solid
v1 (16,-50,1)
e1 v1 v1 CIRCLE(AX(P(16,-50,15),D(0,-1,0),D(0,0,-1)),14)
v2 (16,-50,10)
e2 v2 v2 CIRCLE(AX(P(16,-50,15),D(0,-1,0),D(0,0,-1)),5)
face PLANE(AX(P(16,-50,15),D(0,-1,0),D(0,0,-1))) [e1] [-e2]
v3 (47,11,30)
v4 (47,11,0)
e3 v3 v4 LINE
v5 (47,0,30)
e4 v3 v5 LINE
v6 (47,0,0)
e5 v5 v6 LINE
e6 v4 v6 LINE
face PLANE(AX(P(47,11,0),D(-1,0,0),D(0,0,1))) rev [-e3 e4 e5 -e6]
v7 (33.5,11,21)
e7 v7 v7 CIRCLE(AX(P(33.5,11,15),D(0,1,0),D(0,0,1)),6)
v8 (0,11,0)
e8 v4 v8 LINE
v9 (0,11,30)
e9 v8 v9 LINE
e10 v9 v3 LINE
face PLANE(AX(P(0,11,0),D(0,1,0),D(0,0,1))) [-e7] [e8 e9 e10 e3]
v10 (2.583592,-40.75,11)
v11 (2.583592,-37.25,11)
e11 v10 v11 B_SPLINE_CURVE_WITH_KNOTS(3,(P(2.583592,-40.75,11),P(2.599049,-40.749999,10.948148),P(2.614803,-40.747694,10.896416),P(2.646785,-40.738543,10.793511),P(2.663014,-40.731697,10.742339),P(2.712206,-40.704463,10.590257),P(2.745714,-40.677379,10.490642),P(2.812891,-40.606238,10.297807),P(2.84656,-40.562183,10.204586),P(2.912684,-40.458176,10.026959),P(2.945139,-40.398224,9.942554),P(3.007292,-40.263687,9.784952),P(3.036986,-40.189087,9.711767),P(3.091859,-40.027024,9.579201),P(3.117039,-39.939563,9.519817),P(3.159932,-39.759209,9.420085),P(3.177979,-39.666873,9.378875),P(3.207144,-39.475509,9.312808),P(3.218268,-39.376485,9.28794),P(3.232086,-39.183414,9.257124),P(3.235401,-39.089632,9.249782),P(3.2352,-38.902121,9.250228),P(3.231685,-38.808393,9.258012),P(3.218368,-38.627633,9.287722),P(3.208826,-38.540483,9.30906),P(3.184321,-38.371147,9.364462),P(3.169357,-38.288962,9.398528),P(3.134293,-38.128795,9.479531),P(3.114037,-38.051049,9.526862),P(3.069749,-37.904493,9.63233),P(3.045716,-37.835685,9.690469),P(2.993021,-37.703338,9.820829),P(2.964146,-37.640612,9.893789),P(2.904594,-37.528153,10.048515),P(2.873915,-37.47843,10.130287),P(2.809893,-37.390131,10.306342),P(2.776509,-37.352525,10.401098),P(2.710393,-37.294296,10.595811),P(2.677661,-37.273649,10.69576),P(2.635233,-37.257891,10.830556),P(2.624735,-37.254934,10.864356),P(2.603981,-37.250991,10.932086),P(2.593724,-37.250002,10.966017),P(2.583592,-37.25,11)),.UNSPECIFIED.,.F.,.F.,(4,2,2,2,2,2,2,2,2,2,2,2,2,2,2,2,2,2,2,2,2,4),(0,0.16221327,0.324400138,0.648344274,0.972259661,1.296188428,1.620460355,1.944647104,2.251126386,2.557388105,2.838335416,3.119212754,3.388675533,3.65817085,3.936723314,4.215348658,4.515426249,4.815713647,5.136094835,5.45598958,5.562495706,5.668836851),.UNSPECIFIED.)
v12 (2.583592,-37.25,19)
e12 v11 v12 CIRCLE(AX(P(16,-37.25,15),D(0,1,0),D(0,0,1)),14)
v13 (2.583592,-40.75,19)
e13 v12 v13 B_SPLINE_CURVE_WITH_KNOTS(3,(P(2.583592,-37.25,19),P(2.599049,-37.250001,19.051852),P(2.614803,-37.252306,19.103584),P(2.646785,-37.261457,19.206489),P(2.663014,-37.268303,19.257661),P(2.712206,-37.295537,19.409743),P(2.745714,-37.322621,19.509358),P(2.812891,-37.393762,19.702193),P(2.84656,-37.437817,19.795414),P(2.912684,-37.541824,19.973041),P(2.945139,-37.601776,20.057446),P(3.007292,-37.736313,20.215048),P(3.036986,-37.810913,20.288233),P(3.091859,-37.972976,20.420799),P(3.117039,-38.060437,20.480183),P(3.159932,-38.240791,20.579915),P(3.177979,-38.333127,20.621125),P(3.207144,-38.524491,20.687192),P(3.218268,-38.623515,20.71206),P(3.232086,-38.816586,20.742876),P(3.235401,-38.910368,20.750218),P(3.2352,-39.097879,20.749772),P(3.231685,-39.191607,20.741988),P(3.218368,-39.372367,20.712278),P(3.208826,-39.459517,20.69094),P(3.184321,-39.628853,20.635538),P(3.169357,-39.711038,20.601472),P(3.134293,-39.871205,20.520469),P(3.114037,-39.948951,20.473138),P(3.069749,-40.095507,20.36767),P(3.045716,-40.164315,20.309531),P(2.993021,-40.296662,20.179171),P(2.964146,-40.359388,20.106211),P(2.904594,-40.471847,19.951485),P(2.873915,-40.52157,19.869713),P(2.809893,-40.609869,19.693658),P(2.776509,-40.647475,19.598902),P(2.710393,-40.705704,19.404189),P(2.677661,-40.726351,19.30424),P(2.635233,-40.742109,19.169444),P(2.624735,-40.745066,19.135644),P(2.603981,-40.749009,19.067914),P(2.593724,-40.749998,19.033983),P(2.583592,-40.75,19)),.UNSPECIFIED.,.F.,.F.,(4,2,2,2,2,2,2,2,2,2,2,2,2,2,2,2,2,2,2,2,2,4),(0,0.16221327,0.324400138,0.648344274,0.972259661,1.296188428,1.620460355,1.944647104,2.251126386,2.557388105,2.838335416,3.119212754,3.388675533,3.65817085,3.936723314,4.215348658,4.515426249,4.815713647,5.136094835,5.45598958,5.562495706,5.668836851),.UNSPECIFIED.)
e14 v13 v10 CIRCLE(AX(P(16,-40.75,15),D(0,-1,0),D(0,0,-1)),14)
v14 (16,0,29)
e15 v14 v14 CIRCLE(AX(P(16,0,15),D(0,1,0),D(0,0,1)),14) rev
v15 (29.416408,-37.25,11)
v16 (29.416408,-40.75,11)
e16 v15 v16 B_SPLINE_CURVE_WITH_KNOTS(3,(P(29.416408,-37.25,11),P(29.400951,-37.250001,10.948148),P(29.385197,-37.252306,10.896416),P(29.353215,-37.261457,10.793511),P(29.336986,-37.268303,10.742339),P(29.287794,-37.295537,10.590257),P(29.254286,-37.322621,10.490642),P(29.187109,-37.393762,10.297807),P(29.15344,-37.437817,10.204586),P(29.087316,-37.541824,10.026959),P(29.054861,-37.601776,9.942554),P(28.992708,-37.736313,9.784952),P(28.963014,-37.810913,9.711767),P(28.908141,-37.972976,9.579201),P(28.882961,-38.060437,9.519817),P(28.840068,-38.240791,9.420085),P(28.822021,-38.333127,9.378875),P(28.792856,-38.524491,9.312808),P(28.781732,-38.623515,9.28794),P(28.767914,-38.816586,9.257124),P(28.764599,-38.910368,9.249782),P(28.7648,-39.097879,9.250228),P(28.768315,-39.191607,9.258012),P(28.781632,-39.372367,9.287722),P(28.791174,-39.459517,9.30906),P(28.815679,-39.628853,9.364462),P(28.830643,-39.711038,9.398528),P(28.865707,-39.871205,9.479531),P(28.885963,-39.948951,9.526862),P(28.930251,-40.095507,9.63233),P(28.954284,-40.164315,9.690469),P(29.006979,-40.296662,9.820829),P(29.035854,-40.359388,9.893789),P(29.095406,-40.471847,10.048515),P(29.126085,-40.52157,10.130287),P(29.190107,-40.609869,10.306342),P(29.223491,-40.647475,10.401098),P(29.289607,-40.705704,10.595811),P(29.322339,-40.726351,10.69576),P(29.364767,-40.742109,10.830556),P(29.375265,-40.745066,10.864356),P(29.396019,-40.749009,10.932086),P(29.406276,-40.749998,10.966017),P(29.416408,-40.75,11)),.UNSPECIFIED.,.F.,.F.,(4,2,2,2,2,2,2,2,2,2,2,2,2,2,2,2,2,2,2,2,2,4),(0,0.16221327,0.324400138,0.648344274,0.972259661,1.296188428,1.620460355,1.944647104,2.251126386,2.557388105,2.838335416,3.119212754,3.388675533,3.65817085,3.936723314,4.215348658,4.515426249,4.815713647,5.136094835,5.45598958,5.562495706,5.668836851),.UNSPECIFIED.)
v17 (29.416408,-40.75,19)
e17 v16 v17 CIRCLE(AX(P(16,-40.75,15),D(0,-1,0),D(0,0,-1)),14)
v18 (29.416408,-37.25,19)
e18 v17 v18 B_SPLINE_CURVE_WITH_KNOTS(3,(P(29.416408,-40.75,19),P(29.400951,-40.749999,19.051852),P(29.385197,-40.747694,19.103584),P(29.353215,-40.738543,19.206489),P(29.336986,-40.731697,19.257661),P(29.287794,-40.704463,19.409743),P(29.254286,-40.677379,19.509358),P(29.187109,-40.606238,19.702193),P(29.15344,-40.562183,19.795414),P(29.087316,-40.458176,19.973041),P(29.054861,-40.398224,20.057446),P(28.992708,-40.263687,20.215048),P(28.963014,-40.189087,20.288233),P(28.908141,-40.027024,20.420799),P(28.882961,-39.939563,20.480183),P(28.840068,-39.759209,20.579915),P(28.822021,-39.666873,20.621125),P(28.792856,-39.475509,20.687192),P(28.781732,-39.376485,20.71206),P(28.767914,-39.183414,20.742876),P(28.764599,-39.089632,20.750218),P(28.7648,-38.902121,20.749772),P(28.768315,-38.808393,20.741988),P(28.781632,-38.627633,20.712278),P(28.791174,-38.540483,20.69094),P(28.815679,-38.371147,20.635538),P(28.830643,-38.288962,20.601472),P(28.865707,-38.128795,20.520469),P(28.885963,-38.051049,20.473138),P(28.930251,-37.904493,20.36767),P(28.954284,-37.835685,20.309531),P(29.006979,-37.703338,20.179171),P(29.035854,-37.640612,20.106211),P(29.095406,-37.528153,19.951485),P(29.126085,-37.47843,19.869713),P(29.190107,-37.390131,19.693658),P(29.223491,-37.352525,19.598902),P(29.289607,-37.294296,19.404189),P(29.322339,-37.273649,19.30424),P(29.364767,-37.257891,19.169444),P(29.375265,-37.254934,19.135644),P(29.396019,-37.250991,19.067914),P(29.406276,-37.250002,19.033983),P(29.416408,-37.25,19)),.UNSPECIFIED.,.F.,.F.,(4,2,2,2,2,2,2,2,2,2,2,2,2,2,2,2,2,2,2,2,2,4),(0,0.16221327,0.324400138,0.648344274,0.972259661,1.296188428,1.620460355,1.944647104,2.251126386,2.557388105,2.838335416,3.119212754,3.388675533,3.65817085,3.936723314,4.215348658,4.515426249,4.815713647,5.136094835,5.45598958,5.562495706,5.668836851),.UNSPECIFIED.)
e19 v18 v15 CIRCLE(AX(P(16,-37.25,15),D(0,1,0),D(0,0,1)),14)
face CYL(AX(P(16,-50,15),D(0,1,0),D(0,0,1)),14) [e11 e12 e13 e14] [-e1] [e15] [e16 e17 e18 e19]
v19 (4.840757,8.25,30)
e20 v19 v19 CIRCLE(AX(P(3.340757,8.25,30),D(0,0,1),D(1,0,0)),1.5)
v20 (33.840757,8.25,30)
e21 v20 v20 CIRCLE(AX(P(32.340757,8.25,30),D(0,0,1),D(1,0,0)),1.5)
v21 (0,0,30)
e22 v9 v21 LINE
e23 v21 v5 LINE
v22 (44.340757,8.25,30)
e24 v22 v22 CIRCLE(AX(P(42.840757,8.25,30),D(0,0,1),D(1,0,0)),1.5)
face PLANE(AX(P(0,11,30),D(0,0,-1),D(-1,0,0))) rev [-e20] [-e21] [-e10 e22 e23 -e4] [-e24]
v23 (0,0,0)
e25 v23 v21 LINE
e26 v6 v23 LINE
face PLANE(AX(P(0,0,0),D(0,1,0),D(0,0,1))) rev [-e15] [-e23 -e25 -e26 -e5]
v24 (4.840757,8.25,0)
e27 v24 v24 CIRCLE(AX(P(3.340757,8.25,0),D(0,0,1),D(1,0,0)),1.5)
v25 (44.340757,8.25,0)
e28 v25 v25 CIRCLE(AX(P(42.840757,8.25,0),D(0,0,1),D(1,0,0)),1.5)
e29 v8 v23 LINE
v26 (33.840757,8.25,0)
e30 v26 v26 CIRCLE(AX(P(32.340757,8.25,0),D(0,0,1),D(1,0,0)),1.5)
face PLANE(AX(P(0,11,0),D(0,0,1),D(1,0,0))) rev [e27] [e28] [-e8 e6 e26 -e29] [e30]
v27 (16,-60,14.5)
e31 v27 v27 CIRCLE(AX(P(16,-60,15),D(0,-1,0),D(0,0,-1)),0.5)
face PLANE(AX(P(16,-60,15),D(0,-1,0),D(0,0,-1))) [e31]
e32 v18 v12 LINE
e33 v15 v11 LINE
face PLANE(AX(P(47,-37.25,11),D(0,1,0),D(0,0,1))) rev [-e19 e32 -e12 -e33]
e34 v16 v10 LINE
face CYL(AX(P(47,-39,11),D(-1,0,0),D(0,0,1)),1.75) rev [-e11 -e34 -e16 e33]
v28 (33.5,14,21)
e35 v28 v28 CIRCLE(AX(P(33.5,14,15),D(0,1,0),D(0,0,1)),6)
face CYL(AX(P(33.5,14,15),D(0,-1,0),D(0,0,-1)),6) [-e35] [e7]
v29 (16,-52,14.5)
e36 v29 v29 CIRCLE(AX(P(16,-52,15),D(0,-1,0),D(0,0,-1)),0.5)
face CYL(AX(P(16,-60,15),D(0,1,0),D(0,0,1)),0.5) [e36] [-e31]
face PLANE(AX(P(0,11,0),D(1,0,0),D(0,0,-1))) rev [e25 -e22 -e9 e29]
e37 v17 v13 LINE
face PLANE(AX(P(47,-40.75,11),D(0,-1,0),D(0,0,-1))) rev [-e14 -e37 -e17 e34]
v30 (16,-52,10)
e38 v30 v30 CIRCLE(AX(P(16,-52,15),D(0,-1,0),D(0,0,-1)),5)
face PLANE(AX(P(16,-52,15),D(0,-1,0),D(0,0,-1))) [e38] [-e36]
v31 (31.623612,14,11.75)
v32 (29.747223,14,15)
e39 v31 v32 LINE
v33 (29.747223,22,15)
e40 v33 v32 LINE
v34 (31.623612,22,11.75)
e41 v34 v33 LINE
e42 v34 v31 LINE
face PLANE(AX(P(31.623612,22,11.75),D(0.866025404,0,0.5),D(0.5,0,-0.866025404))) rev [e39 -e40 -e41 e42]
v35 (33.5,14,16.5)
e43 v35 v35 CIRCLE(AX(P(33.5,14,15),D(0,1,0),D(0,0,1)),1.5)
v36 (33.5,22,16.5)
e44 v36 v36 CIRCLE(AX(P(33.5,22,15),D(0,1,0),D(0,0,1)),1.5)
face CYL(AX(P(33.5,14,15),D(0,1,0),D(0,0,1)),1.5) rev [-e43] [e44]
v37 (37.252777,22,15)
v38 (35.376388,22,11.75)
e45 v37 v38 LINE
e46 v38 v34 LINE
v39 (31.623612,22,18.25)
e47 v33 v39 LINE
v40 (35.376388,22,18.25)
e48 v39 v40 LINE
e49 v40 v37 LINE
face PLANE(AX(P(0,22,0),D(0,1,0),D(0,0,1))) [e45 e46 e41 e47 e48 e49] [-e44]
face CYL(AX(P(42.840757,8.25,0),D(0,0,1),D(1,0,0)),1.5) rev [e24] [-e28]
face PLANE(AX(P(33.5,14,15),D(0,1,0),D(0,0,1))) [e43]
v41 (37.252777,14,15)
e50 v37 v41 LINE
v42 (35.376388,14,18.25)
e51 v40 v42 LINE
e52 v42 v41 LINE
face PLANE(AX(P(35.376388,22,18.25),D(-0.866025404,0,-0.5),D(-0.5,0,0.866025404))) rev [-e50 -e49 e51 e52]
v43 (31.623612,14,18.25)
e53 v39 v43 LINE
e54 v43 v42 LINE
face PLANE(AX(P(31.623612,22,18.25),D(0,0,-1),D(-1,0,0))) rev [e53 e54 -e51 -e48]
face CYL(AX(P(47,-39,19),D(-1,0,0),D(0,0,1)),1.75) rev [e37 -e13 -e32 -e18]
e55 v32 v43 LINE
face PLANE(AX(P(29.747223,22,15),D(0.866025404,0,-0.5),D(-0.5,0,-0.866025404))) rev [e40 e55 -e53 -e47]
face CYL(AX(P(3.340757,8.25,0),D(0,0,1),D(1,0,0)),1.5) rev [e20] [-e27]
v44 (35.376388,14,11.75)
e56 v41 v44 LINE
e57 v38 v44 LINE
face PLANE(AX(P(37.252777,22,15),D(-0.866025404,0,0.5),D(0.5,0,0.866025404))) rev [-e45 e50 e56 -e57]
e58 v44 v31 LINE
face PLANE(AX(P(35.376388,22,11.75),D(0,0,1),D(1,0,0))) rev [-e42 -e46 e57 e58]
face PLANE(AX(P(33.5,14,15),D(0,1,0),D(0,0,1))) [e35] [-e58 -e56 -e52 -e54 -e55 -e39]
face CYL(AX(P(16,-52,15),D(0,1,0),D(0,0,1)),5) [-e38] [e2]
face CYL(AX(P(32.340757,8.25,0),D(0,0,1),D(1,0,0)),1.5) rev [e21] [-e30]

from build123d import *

# Parameters (mm, degrees)
SKETCH_1_W          = 47
SKETCH_1_H          = 30
EXTRUDE_1_DEPTH     = 11
SKETCH_2_R          = 6
EXTRUDE_2_DEPTH     = 3
EXTRUDE_3_DEPTH     = 8
SKETCH_4_R          = 14
EXTRUDE_4_DEPTH     = 50
SKETCH_5_R          = 5
EXTRUDE_5_DEPTH     = 2
SKETCH_6_R          = 1.5
CUT_EXTRUDE_1_DEPTH = 31
CUT_EXTRUDE_2_DEPTH = 48
SKETCH_9_R          = 1.5
CUT_EXTRUDE_3_DEPTH = 8
SKETCH_11_R         = 0.5
EXTRUDE_6_DEPTH     = 8


with BuildPart() as part:
    # 草图1 → 凸台-拉伸1 (new body)
    with BuildSketch(Plane(origin=(0, 0, 0), x_dir=(1, 0, 0), z_dir=(0, 1, 0))):
        with Locations((23.5, -15)):
            Rectangle(SKETCH_1_W, SKETCH_1_H)
    extrude(amount=EXTRUDE_1_DEPTH)

    # 草图2 → 凸台-拉伸2 (add)
    with BuildSketch(Plane(origin=(0, 11, 0), x_dir=(1, 0, 0), z_dir=(0, 1, 0))):
        with Locations((33.5, -15)):
            Circle(SKETCH_2_R)
    extrude(amount=EXTRUDE_2_DEPTH)

    # 草图3 → 凸台-拉伸3 (add)
    with BuildSketch(Plane(origin=(0, 14, 0), x_dir=(1, 0, 0), z_dir=(0, 1, 0))):
        Polygon((37.25277675, -15), (35.376388375, -11.75), (31.623611625, -11.75), (29.74722325, -15), (31.623611625, -18.25), (35.376388375, -18.25), align=None)
    extrude(amount=EXTRUDE_3_DEPTH)

    # 草图4 → 凸台-拉伸4 (add)
    with BuildSketch(Plane.XZ):
        with Locations((16, 15)):
            Circle(SKETCH_4_R)
    extrude(amount=EXTRUDE_4_DEPTH)

    # 草图5 → 凸台-拉伸5 (add)
    with BuildSketch(Plane.XZ.offset(50)):
        with Locations((16, 15)):
            Circle(SKETCH_5_R)
    extrude(amount=EXTRUDE_5_DEPTH)

    # 草图6 → 切除-拉伸1 (cut, through all)
    with BuildSketch(Plane.XY.offset(30)):
        with Locations((3.340757383, 8.25)):
            Circle(SKETCH_6_R)
        with Locations((32.340757383, 8.25)):
            Circle(SKETCH_6_R)
        with Locations((42.840757383, 8.25)):
            Circle(SKETCH_6_R)
    extrude(amount=-CUT_EXTRUDE_1_DEPTH, mode=Mode.SUBTRACT)

    # 草图7 → 切除-拉伸2 (cut, through all)
    with BuildSketch(Plane.ZY):
        with BuildLine():
            Line((11, -37.25), (19, -37.25))
            ThreePointArc((19, -37.25), (20.75, -39), (19, -40.75))
            Line((19, -40.75), (11, -40.75))
            ThreePointArc((11, -40.75), (9.25, -39), (11, -37.25))
        make_face()
    extrude(amount=-CUT_EXTRUDE_2_DEPTH, mode=Mode.SUBTRACT)

    # 草图9 → 切除-拉伸3 (cut)
    with BuildSketch(Plane(origin=(0, 22, 0), x_dir=(1, 0, 0), z_dir=(0, 1, 0))):
        with Locations((33.5, -15)):
            Circle(SKETCH_9_R)
    extrude(amount=-CUT_EXTRUDE_3_DEPTH, mode=Mode.SUBTRACT)

    # 草图11 → 凸台-拉伸6 (add)
    with BuildSketch(Plane.XZ.offset(52)):
        with Locations((16, 15)):
            Circle(SKETCH_11_R)
    extrude(amount=EXTRUDE_6_DEPTH)


solid = part.part
